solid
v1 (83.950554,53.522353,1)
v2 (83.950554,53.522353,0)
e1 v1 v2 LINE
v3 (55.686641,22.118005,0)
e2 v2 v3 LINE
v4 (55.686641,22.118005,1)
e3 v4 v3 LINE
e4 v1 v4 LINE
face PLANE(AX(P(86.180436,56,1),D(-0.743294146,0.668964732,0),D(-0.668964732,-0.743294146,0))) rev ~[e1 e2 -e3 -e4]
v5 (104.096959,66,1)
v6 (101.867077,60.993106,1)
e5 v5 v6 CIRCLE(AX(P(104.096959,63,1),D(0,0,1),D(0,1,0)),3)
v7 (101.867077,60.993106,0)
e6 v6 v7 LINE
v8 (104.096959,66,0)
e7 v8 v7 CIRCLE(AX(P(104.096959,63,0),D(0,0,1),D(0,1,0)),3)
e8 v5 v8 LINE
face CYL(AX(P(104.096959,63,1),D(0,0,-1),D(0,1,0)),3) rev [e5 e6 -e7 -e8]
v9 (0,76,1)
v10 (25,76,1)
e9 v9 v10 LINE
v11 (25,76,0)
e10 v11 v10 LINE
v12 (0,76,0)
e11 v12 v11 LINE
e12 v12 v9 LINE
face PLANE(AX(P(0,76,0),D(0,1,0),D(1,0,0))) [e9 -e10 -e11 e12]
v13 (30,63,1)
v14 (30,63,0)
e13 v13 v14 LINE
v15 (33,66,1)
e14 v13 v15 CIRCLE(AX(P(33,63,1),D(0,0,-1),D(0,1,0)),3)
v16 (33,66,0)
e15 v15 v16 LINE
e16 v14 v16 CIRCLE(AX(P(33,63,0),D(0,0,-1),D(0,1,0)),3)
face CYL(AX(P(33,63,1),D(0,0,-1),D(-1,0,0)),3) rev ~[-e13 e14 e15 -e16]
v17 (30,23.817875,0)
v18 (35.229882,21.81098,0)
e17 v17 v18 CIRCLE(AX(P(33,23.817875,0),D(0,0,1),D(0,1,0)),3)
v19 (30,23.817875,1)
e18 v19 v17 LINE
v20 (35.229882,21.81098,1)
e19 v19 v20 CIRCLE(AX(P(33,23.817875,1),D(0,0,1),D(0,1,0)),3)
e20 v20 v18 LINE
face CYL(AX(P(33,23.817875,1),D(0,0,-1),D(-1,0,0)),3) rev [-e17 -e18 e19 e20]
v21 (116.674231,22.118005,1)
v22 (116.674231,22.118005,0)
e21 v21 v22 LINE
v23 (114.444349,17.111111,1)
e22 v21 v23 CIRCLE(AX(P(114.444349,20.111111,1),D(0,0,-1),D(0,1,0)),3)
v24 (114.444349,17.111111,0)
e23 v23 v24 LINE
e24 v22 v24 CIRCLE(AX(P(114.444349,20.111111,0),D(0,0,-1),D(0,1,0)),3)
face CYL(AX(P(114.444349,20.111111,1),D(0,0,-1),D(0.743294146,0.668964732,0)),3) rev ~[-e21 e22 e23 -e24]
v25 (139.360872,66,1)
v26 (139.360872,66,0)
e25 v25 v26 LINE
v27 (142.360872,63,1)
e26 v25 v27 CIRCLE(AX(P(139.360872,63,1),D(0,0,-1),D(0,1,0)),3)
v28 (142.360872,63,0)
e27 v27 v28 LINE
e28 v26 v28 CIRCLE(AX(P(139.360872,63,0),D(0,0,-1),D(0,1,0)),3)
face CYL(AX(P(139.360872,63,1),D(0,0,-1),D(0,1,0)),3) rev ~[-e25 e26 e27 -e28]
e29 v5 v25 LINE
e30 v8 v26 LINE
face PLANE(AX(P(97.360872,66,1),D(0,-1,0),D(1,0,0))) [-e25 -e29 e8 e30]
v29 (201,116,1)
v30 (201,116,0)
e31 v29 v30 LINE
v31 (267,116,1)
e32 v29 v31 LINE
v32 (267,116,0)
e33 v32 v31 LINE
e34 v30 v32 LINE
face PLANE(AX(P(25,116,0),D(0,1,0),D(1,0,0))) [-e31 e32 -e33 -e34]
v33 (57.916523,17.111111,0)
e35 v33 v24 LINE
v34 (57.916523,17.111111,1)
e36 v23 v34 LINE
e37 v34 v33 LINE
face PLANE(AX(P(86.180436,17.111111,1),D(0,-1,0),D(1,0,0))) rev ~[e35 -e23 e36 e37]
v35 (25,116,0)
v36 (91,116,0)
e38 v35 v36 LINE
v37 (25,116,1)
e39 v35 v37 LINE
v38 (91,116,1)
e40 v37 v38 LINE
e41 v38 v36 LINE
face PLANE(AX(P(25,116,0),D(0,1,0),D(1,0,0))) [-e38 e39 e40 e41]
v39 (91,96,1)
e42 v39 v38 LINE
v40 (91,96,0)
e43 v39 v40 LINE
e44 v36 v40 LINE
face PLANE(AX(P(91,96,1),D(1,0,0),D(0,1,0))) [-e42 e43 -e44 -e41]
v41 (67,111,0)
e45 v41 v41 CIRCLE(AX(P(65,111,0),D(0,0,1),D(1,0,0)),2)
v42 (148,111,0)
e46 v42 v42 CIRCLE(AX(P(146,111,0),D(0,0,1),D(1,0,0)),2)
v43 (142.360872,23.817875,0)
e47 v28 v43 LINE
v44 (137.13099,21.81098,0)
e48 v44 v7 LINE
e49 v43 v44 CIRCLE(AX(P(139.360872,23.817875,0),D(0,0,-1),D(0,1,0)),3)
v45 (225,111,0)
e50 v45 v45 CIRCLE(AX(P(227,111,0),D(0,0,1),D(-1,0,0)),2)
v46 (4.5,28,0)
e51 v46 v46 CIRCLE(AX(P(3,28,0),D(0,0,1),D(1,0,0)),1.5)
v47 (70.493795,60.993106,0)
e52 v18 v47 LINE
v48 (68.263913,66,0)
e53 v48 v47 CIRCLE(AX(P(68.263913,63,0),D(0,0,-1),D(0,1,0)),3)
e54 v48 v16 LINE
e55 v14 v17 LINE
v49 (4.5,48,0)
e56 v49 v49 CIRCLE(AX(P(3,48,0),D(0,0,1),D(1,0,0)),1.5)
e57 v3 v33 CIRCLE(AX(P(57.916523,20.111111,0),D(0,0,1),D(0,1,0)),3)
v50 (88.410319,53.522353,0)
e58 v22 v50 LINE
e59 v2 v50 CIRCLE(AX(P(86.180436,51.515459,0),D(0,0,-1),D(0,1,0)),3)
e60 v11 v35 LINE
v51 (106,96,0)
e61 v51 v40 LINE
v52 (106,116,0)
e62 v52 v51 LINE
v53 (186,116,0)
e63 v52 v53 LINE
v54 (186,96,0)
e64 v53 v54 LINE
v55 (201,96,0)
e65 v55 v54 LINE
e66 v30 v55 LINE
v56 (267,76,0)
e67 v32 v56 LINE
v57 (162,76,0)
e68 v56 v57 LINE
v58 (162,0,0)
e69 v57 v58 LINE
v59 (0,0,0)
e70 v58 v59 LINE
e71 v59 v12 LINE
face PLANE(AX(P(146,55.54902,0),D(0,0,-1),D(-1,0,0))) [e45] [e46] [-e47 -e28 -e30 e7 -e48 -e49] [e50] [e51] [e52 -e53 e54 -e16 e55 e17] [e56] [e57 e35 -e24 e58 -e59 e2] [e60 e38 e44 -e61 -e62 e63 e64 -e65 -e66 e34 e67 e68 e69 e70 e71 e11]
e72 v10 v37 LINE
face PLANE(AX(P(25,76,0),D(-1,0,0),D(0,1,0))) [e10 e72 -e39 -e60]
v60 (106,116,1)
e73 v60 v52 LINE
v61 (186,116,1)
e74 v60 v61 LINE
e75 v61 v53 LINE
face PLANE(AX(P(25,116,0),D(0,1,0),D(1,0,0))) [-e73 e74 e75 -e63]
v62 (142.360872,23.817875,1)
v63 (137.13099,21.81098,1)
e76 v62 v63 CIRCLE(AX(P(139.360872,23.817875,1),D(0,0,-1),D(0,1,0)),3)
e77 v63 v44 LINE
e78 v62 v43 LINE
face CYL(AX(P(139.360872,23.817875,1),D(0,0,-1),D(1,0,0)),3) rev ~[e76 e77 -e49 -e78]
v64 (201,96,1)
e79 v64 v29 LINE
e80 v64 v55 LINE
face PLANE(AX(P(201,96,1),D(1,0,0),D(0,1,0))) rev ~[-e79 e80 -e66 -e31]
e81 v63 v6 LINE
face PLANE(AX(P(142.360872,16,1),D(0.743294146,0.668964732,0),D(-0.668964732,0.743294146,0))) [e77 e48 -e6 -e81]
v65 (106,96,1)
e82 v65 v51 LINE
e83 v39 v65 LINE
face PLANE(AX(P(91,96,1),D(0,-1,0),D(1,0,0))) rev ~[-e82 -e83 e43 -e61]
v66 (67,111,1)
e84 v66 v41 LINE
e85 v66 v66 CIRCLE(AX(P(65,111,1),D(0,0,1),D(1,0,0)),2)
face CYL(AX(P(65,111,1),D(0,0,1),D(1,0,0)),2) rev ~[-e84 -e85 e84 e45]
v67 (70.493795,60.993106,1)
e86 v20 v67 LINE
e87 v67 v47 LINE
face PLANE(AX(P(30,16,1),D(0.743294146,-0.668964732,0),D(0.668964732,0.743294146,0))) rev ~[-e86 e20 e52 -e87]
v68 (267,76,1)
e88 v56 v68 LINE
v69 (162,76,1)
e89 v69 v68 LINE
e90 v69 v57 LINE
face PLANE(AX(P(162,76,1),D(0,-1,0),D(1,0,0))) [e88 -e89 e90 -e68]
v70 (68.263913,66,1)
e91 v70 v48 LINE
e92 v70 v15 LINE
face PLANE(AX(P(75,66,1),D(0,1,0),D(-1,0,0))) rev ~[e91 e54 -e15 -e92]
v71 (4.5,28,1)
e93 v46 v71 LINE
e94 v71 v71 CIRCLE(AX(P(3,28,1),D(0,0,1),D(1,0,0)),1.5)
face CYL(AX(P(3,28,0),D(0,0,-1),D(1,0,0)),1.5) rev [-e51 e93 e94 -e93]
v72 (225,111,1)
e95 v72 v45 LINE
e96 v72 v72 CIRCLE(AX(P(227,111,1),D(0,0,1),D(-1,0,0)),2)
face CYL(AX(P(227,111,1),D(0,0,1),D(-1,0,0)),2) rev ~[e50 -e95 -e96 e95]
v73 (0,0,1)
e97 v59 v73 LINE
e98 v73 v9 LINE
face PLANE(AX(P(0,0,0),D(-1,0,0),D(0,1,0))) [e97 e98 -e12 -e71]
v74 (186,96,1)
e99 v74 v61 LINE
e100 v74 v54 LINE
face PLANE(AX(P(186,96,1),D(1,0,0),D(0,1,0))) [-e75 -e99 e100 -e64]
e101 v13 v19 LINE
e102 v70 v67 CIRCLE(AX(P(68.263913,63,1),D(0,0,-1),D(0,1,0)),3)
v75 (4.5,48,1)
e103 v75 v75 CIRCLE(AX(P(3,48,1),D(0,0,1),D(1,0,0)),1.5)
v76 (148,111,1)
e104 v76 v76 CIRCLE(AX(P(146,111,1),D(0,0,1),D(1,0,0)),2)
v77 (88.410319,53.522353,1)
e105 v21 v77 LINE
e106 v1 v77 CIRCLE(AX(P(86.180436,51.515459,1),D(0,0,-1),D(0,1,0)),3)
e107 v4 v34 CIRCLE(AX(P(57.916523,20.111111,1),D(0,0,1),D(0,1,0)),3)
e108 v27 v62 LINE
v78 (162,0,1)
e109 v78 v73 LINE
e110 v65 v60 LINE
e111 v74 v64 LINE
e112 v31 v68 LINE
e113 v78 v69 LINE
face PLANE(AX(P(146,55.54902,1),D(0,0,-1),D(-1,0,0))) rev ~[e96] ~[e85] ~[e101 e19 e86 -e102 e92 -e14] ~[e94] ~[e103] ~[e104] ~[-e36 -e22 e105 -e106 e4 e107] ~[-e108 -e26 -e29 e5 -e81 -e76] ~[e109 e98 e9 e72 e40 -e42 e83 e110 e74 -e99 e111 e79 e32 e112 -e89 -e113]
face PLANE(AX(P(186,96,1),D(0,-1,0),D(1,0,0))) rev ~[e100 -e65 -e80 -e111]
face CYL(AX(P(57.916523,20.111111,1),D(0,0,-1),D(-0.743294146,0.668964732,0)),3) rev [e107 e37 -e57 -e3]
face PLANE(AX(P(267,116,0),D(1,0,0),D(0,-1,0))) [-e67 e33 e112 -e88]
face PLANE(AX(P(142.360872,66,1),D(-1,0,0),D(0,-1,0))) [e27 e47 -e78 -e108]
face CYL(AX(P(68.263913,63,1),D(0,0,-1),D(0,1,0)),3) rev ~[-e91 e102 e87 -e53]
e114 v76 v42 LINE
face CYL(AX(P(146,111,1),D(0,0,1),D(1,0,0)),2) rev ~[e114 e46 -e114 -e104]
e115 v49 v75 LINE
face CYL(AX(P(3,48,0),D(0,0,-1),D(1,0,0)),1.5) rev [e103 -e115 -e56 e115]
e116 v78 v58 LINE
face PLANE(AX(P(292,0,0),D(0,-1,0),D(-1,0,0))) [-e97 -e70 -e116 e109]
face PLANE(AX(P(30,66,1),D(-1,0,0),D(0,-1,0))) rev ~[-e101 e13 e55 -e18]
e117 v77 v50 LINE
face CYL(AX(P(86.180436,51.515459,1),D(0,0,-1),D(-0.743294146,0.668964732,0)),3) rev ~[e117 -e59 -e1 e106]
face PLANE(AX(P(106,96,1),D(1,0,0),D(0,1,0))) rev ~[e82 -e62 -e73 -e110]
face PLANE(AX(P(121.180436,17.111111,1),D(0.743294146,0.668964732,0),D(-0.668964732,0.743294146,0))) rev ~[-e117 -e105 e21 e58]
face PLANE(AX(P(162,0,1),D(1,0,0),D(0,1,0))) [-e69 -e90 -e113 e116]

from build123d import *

# Parameters (mm, degrees)
SKETCH_1_R          = 1.5
EXTRUDE_1_DEPTH     = 1
SKETCH_2_R          = 2
SKETCH_2_W          = 15
SKETCH_2_H          = 20
CUT_EXTRUDE_1_DEPTH = 315.198981539
SKETCH_3_W          = 130
SKETCH_3_H          = 76
CUT_EXTRUDE_2_DEPTH = 315.198981539
CUT_EXTRUDE_3_REACH = 293.112
FILLET_1_R          = 3


with BuildPart() as part:
    # 草图1 → 凸台-拉伸1 (new body)
    with BuildSketch(Plane.XY):
        Polygon((0, 0), (0, 76), (25, 76), (25, 116), (267, 116), (267, 76), (292, 76), (292, 0), align=None)
        with Locations((3, 48)):
            Circle(SKETCH_1_R, mode=Mode.SUBTRACT)
        with Locations((3, 28)):
            Circle(SKETCH_1_R, mode=Mode.SUBTRACT)
        with Locations(Location((289, 28, 0), (0, 0, 180))):
            Circle(SKETCH_1_R, mode=Mode.SUBTRACT)
        with Locations(Location((289, 48, 0), (0, 0, 180))):
            Circle(SKETCH_1_R, mode=Mode.SUBTRACT)
    extrude(amount=EXTRUDE_1_DEPTH)

    # 草图2 → 切除-拉伸1 (cut, through all)
    with BuildSketch(Plane.XY.offset(1)):
        with Locations((65, 111)):
            Circle(SKETCH_2_R)
        with Locations(Location((227, 111, 0), (0, 0, 180))):
            Circle(SKETCH_2_R)
        with Locations((146, 111)):
            Circle(SKETCH_2_R)
        with Locations((193.5, 106)):
            Rectangle(SKETCH_2_W, SKETCH_2_H)
        with Locations((98.5, 106)):
            Rectangle(SKETCH_2_W, SKETCH_2_H)
    extrude(amount=-CUT_EXTRUDE_1_DEPTH, mode=Mode.SUBTRACT)

    # 草图3 → 切除-拉伸2 (cut, through all)
    with BuildSketch(Plane.XY.offset(1)):
        with Locations((227, 38)):
            Rectangle(SKETCH_3_W, SKETCH_3_H)
    extrude(amount=-CUT_EXTRUDE_2_DEPTH, mode=Mode.SUBTRACT)

    # 草图4 → 切除-拉伸3 (cut, up to next)
    with BuildSketch(Plane.XY.offset(1), mode=Mode.PRIVATE) as cut_extrude_3_sk1:
        Polygon((30, 16), (75, 66), (30, 66), align=None)
    cut_extrude_3_tool1 = extrude(cut_extrude_3_sk1.sketch, amount=-CUT_EXTRUDE_3_REACH, mode=Mode.PRIVATE) & part.part
    # 草图4 → 切除-拉伸3 (cut, up to next)
    with BuildSketch(Plane.XY.offset(1), mode=Mode.PRIVATE) as cut_extrude_3_sk2:
        Polygon((86.180436071, 17.111111111), (86.180436071, 56), (51.180436071, 17.111111111), align=None)
    cut_extrude_3_tool2 = extrude(cut_extrude_3_sk2.sketch, amount=-CUT_EXTRUDE_3_REACH, mode=Mode.PRIVATE) & part.part
    # 草图4 → 切除-拉伸3 (cut, up to next)
    with BuildSketch(Plane.XY.offset(1), mode=Mode.PRIVATE) as cut_extrude_3_sk3:
        Polygon((121.180436071, 17.111111111), (86.180436071, 56), (86.180436071, 17.111111111), align=None)
    cut_extrude_3_tool3 = extrude(cut_extrude_3_sk3.sketch, amount=-CUT_EXTRUDE_3_REACH, mode=Mode.PRIVATE) & part.part
    # 草图4 → 切除-拉伸3 (cut, up to next)
    with BuildSketch(Plane.XY.offset(1), mode=Mode.PRIVATE) as cut_extrude_3_sk4:
        Polygon((97.360872141, 66), (142.360872141, 66), (142.360872141, 16), align=None)
    cut_extrude_3_tool4 = extrude(cut_extrude_3_sk4.sketch, amount=-CUT_EXTRUDE_3_REACH, mode=Mode.PRIVATE) & part.part
    add(cut_extrude_3_tool1.solids().sort_by_distance((45, 49.333333, 1))[0], mode=Mode.SUBTRACT)
    add(cut_extrude_3_tool2.solids().sort_by_distance((74.513769, 30.074074, 1))[0], mode=Mode.SUBTRACT)
    add(cut_extrude_3_tool3.solids().sort_by_distance((97.847103, 30.074074, 1))[0], mode=Mode.SUBTRACT)
    add(cut_extrude_3_tool4.solids().sort_by_distance((127.360872, 49.333333, 1))[0], mode=Mode.SUBTRACT)

    # 圆角1
    fillet_1_edges = [part.edges().sort_by_distance(p)[0] for p in [
        (121.180436071, 17.111111111, 0.5),
        (51.180436071, 17.111111111, 0.5),
        (86.180436071, 56, 0.5),
        (97.360872141, 66, 0.5),
        (142.360872141, 66, 0.5),
        (142.360872141, 16, 0.5),
        (75, 66, 0.5),
        (30, 16, 0.5),
        (30, 66, 0.5),
    ]]
    fillet(fillet_1_edges, radius=FILLET_1_R)


solid = part.part
